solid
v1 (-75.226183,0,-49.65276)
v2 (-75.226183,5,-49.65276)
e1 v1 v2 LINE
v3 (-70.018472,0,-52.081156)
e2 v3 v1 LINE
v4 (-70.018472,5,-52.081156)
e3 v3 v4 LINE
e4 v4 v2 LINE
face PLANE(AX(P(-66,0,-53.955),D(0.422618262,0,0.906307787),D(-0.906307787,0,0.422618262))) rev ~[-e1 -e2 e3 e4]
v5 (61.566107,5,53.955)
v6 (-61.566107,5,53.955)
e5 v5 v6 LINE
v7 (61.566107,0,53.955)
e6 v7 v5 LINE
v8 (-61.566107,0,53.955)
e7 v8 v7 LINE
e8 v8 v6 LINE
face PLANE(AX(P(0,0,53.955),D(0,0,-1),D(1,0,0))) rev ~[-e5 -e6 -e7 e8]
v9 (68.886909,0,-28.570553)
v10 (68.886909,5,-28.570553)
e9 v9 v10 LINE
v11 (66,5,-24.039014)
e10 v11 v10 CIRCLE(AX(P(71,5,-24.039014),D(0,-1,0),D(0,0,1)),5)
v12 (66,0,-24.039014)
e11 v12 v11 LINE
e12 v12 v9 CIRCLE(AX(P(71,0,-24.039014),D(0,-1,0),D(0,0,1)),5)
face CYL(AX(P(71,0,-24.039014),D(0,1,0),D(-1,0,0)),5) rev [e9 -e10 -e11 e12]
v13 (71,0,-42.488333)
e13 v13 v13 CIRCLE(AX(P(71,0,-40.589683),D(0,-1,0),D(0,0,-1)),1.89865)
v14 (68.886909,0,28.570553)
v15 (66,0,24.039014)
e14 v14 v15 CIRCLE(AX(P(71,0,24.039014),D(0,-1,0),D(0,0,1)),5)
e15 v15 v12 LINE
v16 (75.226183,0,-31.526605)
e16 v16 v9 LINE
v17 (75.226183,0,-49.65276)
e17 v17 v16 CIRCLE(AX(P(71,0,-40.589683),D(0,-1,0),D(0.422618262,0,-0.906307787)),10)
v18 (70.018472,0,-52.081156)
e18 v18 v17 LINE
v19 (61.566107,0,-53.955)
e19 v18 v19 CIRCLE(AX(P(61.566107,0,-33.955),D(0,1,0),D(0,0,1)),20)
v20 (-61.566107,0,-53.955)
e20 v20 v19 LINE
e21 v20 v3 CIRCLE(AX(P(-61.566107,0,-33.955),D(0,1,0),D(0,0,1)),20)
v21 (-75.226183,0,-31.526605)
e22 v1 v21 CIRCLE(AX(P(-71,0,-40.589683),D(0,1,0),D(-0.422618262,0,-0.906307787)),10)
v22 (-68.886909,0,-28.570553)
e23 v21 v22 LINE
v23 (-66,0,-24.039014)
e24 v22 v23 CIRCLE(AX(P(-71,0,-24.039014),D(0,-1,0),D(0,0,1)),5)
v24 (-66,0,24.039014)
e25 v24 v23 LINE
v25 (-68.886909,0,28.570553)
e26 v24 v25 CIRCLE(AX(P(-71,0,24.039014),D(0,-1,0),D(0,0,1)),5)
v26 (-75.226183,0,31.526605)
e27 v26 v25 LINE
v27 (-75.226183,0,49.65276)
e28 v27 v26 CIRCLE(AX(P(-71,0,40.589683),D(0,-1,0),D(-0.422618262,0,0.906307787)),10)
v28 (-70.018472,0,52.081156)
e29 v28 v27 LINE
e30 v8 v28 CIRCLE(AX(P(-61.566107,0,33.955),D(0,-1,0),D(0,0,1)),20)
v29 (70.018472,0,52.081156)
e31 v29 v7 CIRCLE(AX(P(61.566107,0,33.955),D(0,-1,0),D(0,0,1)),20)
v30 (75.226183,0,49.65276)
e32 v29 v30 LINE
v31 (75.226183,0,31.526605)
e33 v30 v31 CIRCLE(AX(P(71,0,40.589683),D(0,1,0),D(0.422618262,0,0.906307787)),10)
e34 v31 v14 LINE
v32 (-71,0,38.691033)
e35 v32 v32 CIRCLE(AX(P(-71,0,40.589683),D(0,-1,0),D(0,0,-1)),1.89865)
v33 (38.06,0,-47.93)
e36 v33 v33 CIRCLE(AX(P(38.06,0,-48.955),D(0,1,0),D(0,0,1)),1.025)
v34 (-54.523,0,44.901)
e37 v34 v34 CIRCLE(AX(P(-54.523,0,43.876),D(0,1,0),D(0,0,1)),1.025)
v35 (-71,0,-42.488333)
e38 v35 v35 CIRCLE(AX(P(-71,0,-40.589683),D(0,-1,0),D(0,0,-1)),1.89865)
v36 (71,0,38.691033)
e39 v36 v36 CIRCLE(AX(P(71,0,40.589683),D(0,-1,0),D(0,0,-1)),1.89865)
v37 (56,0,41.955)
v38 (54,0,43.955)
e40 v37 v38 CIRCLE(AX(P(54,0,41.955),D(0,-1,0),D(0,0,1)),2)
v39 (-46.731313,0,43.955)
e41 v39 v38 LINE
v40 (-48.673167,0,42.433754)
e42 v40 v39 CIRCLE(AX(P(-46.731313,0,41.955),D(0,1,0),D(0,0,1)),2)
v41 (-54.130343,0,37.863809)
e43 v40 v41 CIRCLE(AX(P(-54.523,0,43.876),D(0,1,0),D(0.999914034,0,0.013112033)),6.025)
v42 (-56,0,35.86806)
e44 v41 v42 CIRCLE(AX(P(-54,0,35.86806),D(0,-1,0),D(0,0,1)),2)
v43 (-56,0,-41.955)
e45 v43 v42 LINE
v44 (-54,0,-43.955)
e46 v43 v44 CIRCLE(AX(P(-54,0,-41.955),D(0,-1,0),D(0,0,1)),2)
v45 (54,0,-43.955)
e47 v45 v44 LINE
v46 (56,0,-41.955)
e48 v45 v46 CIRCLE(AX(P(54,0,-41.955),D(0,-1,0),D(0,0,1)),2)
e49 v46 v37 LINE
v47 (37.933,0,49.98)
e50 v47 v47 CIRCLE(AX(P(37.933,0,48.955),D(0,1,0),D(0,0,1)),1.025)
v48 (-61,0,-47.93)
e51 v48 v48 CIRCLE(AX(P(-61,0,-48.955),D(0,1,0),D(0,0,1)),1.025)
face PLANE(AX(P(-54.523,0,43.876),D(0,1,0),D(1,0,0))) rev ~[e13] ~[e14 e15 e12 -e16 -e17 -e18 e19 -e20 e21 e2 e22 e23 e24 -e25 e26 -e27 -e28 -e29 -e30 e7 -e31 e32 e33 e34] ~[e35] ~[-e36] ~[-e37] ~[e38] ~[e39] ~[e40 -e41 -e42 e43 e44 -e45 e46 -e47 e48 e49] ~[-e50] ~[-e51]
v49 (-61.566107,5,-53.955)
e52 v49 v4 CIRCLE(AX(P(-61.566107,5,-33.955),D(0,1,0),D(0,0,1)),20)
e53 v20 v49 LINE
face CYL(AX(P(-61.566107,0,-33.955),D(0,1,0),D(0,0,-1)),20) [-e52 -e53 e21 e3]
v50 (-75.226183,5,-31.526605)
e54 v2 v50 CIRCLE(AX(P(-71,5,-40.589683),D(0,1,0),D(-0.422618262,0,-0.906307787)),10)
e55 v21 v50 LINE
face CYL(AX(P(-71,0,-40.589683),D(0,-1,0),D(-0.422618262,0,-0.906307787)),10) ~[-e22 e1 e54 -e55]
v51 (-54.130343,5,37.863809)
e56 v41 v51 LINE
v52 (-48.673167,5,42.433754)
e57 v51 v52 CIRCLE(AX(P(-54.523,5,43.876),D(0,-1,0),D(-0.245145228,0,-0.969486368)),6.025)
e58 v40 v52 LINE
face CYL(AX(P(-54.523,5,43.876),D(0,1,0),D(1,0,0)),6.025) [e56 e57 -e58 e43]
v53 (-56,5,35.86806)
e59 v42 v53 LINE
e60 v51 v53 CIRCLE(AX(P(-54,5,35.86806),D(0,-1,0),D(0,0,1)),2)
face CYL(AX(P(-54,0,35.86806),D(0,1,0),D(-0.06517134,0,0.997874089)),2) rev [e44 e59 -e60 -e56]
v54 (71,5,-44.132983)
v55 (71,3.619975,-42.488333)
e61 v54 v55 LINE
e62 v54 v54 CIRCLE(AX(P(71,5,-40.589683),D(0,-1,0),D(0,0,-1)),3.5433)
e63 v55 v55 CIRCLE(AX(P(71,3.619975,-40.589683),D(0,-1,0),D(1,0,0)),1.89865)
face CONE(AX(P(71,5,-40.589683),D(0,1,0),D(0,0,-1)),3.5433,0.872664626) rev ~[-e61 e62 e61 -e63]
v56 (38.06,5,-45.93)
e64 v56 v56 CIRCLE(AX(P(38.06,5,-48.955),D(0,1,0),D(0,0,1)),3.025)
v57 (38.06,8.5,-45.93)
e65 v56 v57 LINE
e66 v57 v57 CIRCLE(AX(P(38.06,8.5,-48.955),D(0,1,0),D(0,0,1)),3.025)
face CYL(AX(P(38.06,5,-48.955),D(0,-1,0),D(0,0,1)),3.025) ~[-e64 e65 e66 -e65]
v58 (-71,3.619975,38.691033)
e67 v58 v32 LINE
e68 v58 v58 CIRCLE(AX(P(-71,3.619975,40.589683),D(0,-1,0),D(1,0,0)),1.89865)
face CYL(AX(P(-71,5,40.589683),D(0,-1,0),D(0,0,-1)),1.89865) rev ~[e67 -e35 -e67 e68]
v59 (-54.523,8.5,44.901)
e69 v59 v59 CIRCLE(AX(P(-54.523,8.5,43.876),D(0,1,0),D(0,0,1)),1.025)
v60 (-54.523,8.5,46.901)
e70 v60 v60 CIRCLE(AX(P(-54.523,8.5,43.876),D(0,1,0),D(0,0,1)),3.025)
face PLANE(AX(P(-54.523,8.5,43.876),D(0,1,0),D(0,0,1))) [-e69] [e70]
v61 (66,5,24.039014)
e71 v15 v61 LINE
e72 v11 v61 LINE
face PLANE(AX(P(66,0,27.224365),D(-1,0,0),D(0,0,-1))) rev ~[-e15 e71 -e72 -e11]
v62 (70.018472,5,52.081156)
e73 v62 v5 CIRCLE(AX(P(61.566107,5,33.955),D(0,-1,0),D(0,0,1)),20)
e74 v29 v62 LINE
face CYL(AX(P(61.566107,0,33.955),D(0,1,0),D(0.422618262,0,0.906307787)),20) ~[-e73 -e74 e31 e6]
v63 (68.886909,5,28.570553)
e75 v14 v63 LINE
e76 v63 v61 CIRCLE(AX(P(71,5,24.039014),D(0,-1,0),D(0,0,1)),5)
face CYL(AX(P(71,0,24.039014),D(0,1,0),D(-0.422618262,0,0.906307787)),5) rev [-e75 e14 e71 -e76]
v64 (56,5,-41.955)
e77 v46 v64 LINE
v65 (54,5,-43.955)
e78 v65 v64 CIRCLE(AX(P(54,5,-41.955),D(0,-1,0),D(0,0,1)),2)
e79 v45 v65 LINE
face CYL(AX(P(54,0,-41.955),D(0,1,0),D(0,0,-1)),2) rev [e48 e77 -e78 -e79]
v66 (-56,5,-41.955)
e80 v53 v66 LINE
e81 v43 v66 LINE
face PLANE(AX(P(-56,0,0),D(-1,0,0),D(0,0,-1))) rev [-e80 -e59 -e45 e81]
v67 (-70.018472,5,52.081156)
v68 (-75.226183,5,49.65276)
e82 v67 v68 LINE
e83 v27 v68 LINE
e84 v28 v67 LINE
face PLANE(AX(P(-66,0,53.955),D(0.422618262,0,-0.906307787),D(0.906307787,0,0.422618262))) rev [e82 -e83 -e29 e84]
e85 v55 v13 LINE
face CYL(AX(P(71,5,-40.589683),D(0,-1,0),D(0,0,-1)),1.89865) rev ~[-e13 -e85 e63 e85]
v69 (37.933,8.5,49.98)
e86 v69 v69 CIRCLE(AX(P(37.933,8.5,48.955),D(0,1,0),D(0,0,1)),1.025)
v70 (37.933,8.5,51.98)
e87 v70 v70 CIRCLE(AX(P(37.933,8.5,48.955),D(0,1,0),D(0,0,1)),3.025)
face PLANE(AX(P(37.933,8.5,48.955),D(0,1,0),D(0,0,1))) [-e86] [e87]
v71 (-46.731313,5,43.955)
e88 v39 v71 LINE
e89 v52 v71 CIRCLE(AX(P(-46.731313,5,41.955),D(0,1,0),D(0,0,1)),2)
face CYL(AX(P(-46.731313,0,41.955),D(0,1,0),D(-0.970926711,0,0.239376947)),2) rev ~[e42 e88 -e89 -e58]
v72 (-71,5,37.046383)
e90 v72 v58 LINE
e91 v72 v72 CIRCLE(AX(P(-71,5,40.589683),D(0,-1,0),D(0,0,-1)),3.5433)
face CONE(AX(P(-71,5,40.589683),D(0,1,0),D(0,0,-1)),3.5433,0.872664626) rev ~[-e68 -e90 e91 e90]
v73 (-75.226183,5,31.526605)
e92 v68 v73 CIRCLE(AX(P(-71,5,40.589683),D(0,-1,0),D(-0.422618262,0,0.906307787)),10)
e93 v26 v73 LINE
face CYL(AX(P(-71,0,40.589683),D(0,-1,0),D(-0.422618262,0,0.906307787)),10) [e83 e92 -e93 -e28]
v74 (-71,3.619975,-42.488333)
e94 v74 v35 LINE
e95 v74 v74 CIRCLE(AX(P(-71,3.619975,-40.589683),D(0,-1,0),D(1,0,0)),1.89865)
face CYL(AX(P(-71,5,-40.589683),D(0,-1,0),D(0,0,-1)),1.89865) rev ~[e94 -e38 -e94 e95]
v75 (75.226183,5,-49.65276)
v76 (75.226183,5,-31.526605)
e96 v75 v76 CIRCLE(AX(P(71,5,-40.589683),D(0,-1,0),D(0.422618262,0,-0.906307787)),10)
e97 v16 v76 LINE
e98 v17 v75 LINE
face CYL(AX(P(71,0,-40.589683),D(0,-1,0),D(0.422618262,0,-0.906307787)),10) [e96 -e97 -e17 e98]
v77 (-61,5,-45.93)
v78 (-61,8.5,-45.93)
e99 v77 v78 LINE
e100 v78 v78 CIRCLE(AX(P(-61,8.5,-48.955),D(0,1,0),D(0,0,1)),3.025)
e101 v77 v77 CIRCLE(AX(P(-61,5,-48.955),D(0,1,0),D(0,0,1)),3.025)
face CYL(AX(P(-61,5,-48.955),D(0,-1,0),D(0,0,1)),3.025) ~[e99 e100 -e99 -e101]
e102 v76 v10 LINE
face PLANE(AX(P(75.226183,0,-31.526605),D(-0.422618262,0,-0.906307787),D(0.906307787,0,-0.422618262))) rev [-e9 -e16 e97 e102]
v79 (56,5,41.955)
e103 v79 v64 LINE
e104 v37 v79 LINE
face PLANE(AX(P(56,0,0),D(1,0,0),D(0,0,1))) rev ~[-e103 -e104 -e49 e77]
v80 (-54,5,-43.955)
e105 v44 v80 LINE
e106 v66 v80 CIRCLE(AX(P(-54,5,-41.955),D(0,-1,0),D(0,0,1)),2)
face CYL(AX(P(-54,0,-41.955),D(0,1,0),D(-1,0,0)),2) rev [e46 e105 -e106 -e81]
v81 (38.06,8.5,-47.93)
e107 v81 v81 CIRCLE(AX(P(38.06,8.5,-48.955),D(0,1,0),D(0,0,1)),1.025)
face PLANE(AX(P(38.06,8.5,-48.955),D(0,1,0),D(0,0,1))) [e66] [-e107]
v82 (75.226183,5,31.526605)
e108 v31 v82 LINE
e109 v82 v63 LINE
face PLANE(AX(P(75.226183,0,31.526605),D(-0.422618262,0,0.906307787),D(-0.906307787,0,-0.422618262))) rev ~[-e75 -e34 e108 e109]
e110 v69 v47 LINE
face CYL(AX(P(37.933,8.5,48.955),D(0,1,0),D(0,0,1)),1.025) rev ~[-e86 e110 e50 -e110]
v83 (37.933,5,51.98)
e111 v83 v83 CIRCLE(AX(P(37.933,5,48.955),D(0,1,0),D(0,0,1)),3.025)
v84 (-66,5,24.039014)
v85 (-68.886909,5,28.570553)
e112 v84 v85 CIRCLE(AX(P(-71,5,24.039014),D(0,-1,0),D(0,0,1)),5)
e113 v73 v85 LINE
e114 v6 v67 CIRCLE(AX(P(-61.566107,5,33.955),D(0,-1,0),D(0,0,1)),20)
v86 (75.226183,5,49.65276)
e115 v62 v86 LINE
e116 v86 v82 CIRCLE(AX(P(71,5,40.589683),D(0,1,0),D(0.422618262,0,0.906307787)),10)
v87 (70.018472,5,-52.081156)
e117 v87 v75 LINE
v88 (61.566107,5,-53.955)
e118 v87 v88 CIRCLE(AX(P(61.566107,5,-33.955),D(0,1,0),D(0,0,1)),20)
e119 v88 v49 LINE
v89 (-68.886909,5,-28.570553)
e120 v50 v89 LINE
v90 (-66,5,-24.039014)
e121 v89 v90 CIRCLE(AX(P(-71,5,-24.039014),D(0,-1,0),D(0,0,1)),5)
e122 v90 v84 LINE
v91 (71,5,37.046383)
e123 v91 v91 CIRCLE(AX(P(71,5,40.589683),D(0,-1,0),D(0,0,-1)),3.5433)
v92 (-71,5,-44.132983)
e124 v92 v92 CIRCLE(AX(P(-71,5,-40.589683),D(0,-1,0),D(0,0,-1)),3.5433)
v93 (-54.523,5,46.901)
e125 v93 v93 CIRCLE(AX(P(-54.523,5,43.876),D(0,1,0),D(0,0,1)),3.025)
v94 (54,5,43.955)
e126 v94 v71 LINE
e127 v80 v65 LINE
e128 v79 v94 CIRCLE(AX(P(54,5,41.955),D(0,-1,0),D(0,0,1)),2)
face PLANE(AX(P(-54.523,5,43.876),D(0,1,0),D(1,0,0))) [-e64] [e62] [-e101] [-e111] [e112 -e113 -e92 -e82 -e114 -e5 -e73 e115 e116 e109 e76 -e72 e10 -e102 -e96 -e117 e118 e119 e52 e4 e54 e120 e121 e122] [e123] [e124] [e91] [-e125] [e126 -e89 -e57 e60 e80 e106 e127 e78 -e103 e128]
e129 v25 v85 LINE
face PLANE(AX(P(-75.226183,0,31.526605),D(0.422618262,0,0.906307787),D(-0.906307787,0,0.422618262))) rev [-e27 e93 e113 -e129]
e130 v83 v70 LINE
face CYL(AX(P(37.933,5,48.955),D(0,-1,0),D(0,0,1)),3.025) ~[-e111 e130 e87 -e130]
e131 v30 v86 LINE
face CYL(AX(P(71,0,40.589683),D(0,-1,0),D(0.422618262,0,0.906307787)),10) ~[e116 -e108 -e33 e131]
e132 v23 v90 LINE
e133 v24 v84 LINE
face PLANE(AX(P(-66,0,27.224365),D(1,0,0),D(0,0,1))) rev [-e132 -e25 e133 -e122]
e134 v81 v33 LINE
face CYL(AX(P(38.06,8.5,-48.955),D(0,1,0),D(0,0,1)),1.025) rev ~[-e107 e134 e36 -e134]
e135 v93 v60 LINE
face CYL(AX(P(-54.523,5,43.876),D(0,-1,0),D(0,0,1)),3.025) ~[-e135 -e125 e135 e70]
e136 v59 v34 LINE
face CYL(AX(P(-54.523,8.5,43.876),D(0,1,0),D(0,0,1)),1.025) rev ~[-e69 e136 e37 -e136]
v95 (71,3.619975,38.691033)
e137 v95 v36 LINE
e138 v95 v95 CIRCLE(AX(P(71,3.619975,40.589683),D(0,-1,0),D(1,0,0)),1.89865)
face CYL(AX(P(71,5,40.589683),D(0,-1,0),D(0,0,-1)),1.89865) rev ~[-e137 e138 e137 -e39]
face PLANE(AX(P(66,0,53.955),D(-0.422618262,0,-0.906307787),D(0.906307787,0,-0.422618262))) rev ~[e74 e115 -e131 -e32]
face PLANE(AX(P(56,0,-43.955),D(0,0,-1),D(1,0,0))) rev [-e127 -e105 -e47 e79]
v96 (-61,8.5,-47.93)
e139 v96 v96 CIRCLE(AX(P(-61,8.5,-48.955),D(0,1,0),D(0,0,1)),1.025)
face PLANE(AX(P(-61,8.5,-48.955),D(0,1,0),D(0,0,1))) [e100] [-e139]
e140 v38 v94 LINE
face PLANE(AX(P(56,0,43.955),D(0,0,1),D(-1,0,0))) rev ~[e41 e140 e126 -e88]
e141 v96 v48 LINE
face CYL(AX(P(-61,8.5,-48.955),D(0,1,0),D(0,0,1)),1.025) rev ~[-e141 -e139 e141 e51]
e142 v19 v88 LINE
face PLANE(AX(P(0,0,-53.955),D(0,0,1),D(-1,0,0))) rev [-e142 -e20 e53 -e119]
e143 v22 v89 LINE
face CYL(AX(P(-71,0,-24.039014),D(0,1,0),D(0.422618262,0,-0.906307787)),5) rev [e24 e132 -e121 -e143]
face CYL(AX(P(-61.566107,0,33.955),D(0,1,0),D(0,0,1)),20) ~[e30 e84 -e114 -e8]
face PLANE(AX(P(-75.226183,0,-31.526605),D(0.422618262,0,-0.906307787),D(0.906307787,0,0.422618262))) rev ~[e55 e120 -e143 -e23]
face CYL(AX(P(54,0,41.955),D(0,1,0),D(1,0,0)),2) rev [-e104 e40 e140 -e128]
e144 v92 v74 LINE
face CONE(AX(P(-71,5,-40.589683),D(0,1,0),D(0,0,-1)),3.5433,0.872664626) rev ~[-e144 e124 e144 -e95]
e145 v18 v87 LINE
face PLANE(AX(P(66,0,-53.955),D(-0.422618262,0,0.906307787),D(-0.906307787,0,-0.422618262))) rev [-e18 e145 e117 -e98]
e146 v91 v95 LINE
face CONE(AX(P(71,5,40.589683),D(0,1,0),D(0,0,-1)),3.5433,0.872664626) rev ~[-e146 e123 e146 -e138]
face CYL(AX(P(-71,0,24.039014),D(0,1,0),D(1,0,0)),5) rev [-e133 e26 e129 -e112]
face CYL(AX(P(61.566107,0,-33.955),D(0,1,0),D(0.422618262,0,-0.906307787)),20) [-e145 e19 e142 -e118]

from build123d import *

# Parameters (mm, degrees)
QUARTER_BASE_DEPTH                 = 5
CORNER_SCREW_EXPANSION_SKETCH_R    = 6.025
CORNER_SCREW_EXPANSION_DEPTH       = 5
STANDOFFS_EXTRUSION_SKETCH_R       = 3.025
STANDOFFS_EXTRUSION_DEPTH          = 3.5
SMOOTHIEBOARD_SCREW_HOLES_SKETCH_R = 1.025
SMOOTHIEBOARD_SCREW_HOLES_DEPTH    = 98.695404319
NO_6_MOUNTING_SCREWS_D             = 3.7973
NO_6_MOUNTING_SCREWS_CSINK_D       = 7.0866
NO_6_MOUNTING_SCREWS_CSINK_ANGLE   = 100
INSIDE_CORNER_FILLETS_R            = 2
OUTSIDE_CORNER_FILLETS_1_R         = 5
OUTSIDE_CORNER_FILLETS_2_R         = 20


with BuildPart() as part:
    # Quarter Base Sketch → Quarter Base (new body)
    with BuildSketch(Plane(origin=(0, 0, 0), x_dir=(1, 0, 0), z_dir=(0, 1, 0))):
        with BuildLine():
            Line((0, 53.955), (-66, 53.955))
            Line((-66, 53.955), (-75.226182617, 49.65276039))
            ThreePointArc((-75.226182617, 49.65276039), (-81, 40.58968252), (-75.226182617, 31.526604649))
            Line((-75.226182617, 31.526604649), (-66, 27.224365039))
            Line((-66, 27.224365039), (-66, 0))
            Line((-66, 0), (-56, 0))
            Line((-56, 0), (-56, 43.955))
            Line((-56, 43.955), (0, 43.955))
            Line((0, 43.955), (0, 53.955))
        make_face()
    extrude(amount=QUARTER_BASE_DEPTH)

    # Base Mirror 1: part across plane


with BuildPart() as part_1:
    add(part.part)
    add(part.part.mirror(Plane(origin=(-66, 5, 0), x_dir=(1, 0, 0), z_dir=(0, 0, -1))))

    # Base Mirror 2: part across plane


with BuildPart() as part_2:
    add(part_1.part)
    add(part_1.part.mirror(Plane(origin=(0, 5, -43.955), x_dir=(0, 0, 1), z_dir=(-1, 0, 0))))

    # Corner Screw Expansion Sketch → Corner Screw Expansion (add)
    with BuildSketch(Plane(origin=(0, 5, 0), x_dir=(1, 0, 0), z_dir=(0, 1, 0))):
        with Locations((-54.523, -43.876)):
            Circle(CORNER_SCREW_EXPANSION_SKETCH_R)
    extrude(amount=-CORNER_SCREW_EXPANSION_DEPTH)

    # Standoffs Extrusion Sketch → Standoffs Extrusion (add)
    with BuildSketch(Plane(origin=(0, 5, 0), x_dir=(1, 0, 0), z_dir=(0, 1, 0))):
        with Locations(Location((-61, 48.955, 0), (0, 0, 270))):
            Circle(STANDOFFS_EXTRUSION_SKETCH_R)
        with Locations(Location((-54.523, -43.876, 0), (0, 0, 270))):
            Circle(STANDOFFS_EXTRUSION_SKETCH_R)
        with Locations(Location((37.933, -48.955, 0), (0, 0, 270))):
            Circle(STANDOFFS_EXTRUSION_SKETCH_R)
        with Locations(Location((38.06, 48.955, 0), (0, 0, 270))):
            Circle(STANDOFFS_EXTRUSION_SKETCH_R)
    extrude(amount=STANDOFFS_EXTRUSION_DEPTH)

    # Smoothieboard Screw Holes Sketch → Smoothieboard Screw Holes (cut, through all)
    with BuildSketch(Plane(origin=(0, 8.5, 0), x_dir=(1, 0, 0), z_dir=(0, 1, 0))):
        with Locations(Location((-54.523, -43.876, 0), (0, 0, 270))):
            Circle(SMOOTHIEBOARD_SCREW_HOLES_SKETCH_R)
        with Locations(Location((37.933, -48.955, 0), (0, 0, 270))):
            Circle(SMOOTHIEBOARD_SCREW_HOLES_SKETCH_R)
        with Locations(Location((38.06, 48.955, 0), (0, 0, 270))):
            Circle(SMOOTHIEBOARD_SCREW_HOLES_SKETCH_R)
        with Locations(Location((-61, 48.955, 0), (0, 0, 270))):
            Circle(SMOOTHIEBOARD_SCREW_HOLES_SKETCH_R)
    extrude(amount=-SMOOTHIEBOARD_SCREW_HOLES_DEPTH, mode=Mode.SUBTRACT)

    # No. 6 Mounting Screws (through all)
    with Locations(Plane(origin=(-71, 5, -40.58968252), x_dir=(0, 0, 1), z_dir=(0, 1, 0))):
        with Locations((0, 0), (81.17936504, 0), (81.17936504, 142), (0, 142)):
            CounterSinkHole(NO_6_MOUNTING_SCREWS_D / 2, NO_6_MOUNTING_SCREWS_CSINK_D / 2, counter_sink_angle=NO_6_MOUNTING_SCREWS_CSINK_ANGLE)

    # Inside Corner Fillets
    inside_corner_fillets_edges = [part_2.edges().sort_by_distance(p)[0] for p in [
        (-56, 2.5, -43.955),
        (56, 2.5, -43.955),
        (56, 2.5, 43.955),
        (-48.498517948, 2.5, 43.955),
        (-56, 2.5, 38.034844635),
    ]]
    fillet(inside_corner_fillets_edges, radius=INSIDE_CORNER_FILLETS_R)

    # Outside Corner Fillets 1
    outside_corner_fillets_1_edges = [part_2.edges().sort_by_distance(p)[0] for p in [
        (-66, 2.5, -27.224365039),
        (-66, 2.5, 27.224365039),
        (66, 2.5, -27.224365039),
        (66, 2.5, 27.224365039),
    ]]
    fillet(outside_corner_fillets_1_edges, radius=OUTSIDE_CORNER_FILLETS_1_R)

    # Outside Corner Fillets 2
    outside_corner_fillets_2_edges = [part_2.edges().sort_by_distance(p)[0] for p in [
        (-66, 2.5, -53.955),
        (-66, 2.5, 53.955),
        (66, 2.5, -53.955),
        (66, 2.5, 53.955),
    ]]
    fillet(outside_corner_fillets_2_edges, radius=OUTSIDE_CORNER_FILLETS_2_R)


solid = part_2.part
